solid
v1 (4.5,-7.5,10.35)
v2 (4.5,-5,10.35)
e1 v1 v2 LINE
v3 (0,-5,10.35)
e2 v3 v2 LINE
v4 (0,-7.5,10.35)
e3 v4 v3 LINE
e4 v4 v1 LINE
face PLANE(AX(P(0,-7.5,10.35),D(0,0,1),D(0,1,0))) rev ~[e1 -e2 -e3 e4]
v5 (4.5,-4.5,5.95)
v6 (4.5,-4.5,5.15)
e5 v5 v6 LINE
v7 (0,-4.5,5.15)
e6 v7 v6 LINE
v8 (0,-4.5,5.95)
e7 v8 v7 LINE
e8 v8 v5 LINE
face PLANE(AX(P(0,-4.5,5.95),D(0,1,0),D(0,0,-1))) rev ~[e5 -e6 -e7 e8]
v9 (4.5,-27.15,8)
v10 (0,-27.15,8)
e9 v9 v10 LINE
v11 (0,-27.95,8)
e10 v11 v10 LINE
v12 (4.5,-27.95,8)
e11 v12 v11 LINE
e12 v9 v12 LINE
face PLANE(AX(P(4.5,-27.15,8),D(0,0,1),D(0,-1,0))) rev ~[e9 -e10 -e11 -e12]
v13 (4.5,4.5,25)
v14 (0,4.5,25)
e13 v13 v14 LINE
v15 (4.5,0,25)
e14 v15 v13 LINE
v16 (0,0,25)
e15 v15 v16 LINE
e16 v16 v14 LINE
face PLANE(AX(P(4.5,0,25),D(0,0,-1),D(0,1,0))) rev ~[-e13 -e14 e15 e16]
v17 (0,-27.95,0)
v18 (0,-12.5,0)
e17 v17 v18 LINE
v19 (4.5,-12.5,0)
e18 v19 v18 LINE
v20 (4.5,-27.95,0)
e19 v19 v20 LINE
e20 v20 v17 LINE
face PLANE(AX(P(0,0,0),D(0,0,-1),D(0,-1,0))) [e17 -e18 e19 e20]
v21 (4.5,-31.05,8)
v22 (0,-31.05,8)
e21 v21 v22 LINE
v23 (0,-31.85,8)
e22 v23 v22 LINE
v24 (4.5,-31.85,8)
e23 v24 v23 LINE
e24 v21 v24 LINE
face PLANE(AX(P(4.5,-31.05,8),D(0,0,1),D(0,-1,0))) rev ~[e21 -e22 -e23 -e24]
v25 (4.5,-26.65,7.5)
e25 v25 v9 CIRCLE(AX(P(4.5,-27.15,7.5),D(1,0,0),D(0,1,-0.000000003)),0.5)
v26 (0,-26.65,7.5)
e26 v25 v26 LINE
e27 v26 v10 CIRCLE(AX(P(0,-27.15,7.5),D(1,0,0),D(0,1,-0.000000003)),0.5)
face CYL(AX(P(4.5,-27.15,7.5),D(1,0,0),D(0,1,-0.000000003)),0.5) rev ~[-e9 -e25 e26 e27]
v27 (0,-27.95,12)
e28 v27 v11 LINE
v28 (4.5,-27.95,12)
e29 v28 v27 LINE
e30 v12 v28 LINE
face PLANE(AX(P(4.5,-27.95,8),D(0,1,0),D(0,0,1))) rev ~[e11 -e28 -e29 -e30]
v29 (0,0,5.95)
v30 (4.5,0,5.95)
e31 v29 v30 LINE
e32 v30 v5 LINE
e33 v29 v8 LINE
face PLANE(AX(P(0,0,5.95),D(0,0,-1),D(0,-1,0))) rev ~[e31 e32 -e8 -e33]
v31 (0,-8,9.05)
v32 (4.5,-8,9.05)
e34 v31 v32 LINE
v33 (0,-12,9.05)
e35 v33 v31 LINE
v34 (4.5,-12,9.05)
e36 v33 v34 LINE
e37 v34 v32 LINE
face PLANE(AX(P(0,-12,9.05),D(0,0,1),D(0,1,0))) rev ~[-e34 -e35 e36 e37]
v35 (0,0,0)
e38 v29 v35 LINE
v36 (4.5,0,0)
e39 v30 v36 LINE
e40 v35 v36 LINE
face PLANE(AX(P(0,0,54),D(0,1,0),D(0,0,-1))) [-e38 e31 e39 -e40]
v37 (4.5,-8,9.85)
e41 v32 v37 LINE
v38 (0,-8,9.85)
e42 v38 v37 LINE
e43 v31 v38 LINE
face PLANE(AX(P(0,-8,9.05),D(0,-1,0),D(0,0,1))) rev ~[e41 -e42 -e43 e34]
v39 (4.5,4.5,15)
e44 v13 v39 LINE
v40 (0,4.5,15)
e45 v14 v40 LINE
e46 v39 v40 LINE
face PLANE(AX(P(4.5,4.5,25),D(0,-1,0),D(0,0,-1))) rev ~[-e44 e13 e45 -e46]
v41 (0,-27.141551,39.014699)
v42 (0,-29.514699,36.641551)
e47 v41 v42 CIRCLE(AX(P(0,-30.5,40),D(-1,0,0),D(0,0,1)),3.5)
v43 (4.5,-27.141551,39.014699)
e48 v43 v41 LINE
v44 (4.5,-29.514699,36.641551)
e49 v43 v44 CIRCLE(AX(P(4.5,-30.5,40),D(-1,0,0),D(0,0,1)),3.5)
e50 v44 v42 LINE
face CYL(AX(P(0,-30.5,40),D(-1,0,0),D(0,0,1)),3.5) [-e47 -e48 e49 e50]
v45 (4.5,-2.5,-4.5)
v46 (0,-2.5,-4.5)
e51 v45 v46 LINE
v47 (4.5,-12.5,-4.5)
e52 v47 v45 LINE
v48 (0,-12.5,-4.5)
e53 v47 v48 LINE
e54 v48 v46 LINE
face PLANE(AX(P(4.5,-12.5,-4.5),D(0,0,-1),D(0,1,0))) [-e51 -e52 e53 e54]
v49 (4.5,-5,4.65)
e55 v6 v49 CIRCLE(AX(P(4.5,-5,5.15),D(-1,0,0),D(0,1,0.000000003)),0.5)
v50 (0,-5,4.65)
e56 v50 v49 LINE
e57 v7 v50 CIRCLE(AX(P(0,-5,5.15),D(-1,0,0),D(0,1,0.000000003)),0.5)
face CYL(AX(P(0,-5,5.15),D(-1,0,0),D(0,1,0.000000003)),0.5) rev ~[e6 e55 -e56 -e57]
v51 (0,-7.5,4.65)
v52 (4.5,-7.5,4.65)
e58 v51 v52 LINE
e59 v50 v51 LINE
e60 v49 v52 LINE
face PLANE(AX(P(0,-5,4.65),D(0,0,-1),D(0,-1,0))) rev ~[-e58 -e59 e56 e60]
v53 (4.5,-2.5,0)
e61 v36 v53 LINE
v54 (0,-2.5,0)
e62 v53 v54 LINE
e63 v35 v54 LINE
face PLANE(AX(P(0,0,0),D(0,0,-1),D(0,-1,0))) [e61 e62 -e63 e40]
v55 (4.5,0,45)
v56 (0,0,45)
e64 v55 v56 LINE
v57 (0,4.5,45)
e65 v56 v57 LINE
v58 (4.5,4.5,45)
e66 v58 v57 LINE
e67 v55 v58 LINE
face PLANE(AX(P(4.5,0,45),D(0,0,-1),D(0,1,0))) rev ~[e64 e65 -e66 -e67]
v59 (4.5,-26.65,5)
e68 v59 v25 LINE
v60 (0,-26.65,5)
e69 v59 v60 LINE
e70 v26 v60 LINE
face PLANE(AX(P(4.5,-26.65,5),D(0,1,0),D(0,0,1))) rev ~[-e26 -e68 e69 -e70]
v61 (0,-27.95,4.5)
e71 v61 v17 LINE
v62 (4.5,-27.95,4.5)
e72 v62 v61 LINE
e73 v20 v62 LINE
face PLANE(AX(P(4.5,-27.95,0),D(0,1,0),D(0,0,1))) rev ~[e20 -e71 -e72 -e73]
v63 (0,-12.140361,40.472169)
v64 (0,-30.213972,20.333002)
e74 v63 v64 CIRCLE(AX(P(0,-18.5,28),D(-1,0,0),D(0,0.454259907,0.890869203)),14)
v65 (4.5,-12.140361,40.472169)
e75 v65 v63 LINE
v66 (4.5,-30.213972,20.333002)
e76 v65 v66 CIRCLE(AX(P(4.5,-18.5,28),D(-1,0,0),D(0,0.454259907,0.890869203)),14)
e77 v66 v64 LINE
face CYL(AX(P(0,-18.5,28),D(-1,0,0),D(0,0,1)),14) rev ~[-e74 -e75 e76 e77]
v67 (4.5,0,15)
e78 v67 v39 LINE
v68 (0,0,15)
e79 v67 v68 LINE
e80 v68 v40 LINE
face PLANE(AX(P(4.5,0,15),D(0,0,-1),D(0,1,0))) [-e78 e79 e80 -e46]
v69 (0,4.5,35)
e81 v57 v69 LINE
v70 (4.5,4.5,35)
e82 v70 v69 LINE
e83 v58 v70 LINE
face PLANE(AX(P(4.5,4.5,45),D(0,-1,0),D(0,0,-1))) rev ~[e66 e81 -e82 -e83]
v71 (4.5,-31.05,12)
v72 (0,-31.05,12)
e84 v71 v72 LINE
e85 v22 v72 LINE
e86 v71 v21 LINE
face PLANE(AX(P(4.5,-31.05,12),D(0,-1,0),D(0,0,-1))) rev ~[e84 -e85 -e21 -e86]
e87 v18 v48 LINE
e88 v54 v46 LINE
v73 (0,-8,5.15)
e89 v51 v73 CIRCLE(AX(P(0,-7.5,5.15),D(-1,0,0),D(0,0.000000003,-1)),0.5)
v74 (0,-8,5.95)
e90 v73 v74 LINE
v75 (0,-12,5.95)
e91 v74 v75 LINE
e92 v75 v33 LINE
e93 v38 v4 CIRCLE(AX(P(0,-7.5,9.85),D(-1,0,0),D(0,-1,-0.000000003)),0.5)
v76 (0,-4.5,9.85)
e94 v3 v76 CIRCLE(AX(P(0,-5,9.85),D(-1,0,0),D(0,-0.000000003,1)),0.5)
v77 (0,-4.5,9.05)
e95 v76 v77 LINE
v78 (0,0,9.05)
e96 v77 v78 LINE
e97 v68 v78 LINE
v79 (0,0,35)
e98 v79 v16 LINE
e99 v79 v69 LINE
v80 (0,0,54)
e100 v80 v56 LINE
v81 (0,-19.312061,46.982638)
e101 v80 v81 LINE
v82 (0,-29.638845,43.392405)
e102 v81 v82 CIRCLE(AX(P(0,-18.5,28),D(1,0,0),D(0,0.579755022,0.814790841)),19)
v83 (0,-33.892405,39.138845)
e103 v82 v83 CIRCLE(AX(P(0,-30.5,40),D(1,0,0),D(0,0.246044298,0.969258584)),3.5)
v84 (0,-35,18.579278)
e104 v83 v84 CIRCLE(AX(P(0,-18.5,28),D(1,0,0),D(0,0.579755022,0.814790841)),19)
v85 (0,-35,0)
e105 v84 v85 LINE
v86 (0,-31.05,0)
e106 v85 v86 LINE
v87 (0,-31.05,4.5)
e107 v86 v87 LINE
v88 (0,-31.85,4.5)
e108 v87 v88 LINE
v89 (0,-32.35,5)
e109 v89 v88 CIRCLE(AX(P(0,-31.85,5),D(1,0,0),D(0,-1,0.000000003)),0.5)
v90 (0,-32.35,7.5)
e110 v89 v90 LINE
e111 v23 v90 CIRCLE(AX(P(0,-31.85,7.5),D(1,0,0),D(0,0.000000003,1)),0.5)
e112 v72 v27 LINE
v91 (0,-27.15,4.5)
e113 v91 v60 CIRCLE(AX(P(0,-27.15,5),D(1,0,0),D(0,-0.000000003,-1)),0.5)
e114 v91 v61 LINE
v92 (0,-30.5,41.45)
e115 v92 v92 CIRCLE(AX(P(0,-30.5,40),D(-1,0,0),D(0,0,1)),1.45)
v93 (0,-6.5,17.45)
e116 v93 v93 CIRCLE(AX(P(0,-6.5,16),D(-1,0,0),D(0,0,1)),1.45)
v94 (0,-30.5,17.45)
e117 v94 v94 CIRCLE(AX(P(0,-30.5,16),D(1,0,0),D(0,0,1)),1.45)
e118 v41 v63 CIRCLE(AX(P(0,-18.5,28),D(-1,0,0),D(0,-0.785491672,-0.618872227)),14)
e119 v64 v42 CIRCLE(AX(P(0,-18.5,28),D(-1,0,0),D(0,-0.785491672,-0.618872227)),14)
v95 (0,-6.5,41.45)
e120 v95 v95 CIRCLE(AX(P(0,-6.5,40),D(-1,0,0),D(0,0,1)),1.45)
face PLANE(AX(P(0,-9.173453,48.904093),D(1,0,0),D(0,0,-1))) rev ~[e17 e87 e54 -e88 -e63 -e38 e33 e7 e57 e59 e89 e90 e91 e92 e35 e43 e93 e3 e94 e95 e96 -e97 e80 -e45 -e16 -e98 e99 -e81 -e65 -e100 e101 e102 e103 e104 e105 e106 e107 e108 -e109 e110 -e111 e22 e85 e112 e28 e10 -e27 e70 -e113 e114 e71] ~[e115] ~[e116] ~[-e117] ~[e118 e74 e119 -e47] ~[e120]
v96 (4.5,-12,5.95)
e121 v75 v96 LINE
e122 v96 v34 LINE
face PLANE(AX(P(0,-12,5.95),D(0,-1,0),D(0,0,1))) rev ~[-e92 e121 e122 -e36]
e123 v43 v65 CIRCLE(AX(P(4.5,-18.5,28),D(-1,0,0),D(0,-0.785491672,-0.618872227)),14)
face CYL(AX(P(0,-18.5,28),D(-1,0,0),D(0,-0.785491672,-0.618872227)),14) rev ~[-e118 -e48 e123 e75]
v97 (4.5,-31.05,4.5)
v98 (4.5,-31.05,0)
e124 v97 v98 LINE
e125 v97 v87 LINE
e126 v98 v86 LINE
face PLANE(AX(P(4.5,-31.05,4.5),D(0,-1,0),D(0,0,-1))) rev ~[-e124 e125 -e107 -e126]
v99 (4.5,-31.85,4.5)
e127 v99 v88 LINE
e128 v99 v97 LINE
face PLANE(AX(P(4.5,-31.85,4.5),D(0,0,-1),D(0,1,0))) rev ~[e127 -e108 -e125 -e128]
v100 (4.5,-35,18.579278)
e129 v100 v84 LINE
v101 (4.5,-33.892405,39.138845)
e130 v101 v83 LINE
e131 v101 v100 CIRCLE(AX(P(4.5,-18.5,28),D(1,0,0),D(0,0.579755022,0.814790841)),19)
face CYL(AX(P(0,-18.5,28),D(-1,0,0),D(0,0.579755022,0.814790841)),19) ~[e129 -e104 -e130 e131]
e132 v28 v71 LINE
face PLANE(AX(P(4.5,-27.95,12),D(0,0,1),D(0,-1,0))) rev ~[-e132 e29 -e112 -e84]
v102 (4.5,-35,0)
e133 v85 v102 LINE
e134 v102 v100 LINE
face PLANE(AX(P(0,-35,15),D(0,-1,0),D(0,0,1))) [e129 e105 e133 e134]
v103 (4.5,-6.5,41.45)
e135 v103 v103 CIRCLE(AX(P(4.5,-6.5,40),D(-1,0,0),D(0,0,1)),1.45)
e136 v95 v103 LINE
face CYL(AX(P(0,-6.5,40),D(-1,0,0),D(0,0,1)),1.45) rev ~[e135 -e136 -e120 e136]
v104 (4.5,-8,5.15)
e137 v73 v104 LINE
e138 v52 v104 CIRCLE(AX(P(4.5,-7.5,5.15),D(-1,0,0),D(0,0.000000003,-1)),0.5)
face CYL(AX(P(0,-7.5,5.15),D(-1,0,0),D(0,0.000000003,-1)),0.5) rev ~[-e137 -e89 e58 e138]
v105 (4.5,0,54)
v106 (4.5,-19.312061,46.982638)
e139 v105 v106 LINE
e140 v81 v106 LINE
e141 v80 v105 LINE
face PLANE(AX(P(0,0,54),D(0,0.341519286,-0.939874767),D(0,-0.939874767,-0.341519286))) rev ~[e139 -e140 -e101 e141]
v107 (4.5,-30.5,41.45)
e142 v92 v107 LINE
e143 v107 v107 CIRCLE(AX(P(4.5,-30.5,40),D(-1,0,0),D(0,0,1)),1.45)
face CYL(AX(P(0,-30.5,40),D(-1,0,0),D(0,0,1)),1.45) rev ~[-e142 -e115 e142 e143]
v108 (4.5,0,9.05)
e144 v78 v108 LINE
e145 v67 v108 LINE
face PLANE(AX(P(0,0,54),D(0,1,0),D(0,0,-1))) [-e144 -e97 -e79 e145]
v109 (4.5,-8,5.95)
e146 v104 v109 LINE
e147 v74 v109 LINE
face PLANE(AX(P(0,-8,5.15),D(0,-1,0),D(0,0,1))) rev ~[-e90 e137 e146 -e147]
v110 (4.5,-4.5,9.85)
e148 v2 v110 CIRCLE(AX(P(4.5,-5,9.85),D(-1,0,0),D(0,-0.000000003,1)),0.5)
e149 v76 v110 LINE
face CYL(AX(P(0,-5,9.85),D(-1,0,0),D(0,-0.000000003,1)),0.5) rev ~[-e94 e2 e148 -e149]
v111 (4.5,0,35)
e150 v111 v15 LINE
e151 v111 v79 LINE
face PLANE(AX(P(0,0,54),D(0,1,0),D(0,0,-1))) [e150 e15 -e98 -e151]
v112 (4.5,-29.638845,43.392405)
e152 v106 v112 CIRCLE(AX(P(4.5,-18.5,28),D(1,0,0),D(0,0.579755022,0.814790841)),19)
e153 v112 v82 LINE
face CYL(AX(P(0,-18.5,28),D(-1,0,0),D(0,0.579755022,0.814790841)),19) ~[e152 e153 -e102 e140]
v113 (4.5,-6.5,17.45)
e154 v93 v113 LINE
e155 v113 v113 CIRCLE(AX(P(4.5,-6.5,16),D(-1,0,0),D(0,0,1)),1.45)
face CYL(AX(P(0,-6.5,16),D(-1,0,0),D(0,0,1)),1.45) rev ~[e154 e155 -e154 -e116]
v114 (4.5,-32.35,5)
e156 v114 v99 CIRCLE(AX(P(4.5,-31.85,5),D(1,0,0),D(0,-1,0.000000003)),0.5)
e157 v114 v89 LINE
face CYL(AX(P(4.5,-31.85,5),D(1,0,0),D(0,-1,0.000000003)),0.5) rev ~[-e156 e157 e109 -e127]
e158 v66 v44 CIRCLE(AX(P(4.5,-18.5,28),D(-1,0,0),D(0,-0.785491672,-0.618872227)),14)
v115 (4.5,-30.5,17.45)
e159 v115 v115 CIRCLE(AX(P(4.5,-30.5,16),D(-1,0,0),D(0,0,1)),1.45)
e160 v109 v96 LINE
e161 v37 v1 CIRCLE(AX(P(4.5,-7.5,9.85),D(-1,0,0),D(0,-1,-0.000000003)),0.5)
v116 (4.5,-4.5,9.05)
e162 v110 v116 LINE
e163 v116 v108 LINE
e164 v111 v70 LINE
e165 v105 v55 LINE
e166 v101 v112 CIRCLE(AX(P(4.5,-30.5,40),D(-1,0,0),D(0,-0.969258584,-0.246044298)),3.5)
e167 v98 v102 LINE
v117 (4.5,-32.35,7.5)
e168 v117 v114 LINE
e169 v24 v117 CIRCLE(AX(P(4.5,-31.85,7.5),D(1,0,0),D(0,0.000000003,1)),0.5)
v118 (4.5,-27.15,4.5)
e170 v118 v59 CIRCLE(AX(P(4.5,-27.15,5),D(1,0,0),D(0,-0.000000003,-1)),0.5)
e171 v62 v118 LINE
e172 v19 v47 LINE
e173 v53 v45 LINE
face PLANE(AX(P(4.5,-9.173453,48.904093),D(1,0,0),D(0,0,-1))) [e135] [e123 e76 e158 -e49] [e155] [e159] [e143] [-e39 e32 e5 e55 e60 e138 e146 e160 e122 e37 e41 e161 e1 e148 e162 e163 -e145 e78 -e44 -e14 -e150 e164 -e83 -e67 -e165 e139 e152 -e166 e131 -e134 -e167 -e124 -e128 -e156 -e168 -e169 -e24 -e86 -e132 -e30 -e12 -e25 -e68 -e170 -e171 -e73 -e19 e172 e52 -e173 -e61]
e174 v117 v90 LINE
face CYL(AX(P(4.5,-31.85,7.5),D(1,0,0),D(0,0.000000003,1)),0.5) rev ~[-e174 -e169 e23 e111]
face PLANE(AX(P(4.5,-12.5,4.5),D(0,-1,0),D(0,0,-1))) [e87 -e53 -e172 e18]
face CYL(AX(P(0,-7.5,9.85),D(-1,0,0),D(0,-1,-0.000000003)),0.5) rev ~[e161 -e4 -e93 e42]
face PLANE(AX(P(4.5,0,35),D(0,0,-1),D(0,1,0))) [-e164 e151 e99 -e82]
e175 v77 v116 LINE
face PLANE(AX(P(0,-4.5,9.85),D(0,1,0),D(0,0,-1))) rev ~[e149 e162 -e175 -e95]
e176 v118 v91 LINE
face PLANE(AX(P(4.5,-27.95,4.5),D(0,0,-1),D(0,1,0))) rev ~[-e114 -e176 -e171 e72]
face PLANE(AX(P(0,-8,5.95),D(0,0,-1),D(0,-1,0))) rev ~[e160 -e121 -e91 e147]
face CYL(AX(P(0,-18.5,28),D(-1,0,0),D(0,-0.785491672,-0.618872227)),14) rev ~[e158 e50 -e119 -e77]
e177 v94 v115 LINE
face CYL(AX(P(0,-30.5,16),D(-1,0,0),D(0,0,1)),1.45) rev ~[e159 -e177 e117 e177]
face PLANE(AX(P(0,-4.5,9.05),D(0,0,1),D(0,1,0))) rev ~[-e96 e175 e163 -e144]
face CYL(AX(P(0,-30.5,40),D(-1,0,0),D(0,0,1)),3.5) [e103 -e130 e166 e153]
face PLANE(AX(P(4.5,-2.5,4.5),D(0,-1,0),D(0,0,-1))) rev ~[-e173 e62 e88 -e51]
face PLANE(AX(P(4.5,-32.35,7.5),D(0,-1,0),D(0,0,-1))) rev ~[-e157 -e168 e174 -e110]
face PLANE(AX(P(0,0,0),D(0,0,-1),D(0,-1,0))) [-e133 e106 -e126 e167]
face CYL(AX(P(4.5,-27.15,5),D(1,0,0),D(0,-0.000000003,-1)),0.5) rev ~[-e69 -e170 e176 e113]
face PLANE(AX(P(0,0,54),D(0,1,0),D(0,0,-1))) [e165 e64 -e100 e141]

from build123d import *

# Parameters (mm, degrees)
BOSS_EXTRUDE1_DEPTH  = 4.5
SKETCH2_W            = 9
SKETCH2_H            = 10
BOSS_EXTRUDE2_DEPTH  = 4.5
BOSS_EXTRUDE3_DEPTH  = 4.5
CUT_EXTRUDE1_DEPTH   = 65.507751472
SKETCH5_W            = 10
SKETCH5_H            = 4.5
BOSS_EXTRUDE4_DEPTH  = 4.5
CUT_EXTRUDE4_DEPTH   = 65.507751472
SKETCH12_R           = 14
SKETCH12_R_2         = 1.45
FANCUTOUT_DEPTH      = 65.507751472
BOSS_EXTRUDE7_DEPTH  = 4.5
SKETCH14_R           = 3.5
BOSS_EXTRUDE8_DEPTH  = 4.5
SKETCH15_R           = 1.45
CUT_EXTRUDE6_DEPTH   = 66.897647909
BOSS_EXTRUDE13_DEPTH = 4.5
BOSS_EXTRUDE15_DEPTH = 4.5


with BuildPart() as part:
    # Sketch1 → Boss-Extrude1 (new body)
    with BuildSketch(Plane(origin=(0, 0, 0), x_dir=(0, 0, -1), z_dir=(1, 0, 0))):
        Polygon((0, 0), (0, -35), (-54, 0), align=None)
    extrude(amount=BOSS_EXTRUDE1_DEPTH)

    # Sketch2 → Boss-Extrude2 (add, through all)
    with BuildSketch(Plane(origin=(4.5, 0, 0), x_dir=(0, 0, -1), z_dir=(1, 0, 0))):
        with Locations((0, -7.5)):
            Rectangle(SKETCH2_W, SKETCH2_H)
    extrude(amount=-BOSS_EXTRUDE2_DEPTH)

    # Sketch3 → Boss-Extrude3 (add, through all)
    with BuildSketch(Plane(origin=(4.5, 0, 0), x_dir=(0, 0, -1), z_dir=(1, 0, 0))):
        Polygon((0, -35), (-15, -35), (-54, 0), (0, -25), align=None)
    extrude(amount=-BOSS_EXTRUDE3_DEPTH)

    # Sketch4 → Cut-Extrude1 (cut, through all)
    with BuildSketch(Plane(origin=(4.5, 0, 0), x_dir=(0, 0, -1), z_dir=(1, 0, 0))):
        with BuildLine():
            Line((0, -31.05), (0, -27.95))
            Line((0, -27.95), (-4.5, -27.95))
            Line((-4.5, -27.95), (-4.5, -27.15))
            ThreePointArc((-4.5, -27.15), (-4.646446609, -26.796446609), (-5, -26.65))
            Line((-5, -26.65), (-7.5, -26.65))
            ThreePointArc((-7.5, -26.65), (-7.853553391, -26.796446609), (-8, -27.15))
            Line((-8, -27.15), (-8, -27.95))
            Line((-8, -27.95), (-12, -27.95))
            Line((-12, -27.95), (-12, -31.05))
            Line((-12, -31.05), (-8, -31.05))
            Line((-8, -31.05), (-8, -31.85))
            ThreePointArc((-8, -31.85), (-7.853553391, -32.203553391), (-7.5, -32.35))
            Line((-7.5, -32.35), (-5, -32.35))
            ThreePointArc((-5, -32.35), (-4.646446609, -32.203553391), (-4.5, -31.85))
            Line((-4.5, -31.85), (-4.5, -31.05))
            Line((-4.5, -31.05), (0, -31.05))
        make_face()
    extrude(amount=-CUT_EXTRUDE1_DEPTH, mode=Mode.SUBTRACT)

    # Sketch5 → Boss-Extrude4 (add, through all)
    with BuildSketch(Plane(origin=(4.5, 0, 0), x_dir=(0, 0, -1), z_dir=(1, 0, 0))):
        with Locations((-20, 2.25)):
            Rectangle(SKETCH5_W, SKETCH5_H)
        with Locations((-40, 2.25)):
            Rectangle(SKETCH5_W, SKETCH5_H)
    extrude(amount=-BOSS_EXTRUDE4_DEPTH)

    # Sketch11 → Cut-Extrude4 (cut, through all)
    with BuildSketch(Plane.ZY):
        with BuildLine():
            Line((5.95, -12), (9.05, -12))
            Line((9.05, -12), (9.05, -8))
            Line((9.05, -8), (9.85, -8))
            ThreePointArc((9.85, -8), (10.203553391, -7.853553391), (10.35, -7.5))
            Line((10.35, -7.5), (10.35, -5))
            ThreePointArc((10.35, -5), (10.203553391, -4.646446609), (9.85, -4.5))
            Line((9.85, -4.5), (9.05, -4.5))
            Line((9.05, -4.5), (9.05, 0))
            Line((9.05, 0), (5.95, 0))
            Line((5.95, 0), (5.95, -4.5))
            Line((5.95, -4.5), (5.15, -4.5))
            ThreePointArc((5.15, -4.5), (4.796446609, -4.646446609), (4.65, -5))
            Line((4.65, -5), (4.65, -7.5))
            ThreePointArc((4.65, -7.5), (4.796446609, -7.853553391), (5.15, -8))
            Line((5.15, -8), (5.95, -8))
            Line((5.95, -8), (5.95, -12))
        make_face()
    extrude(amount=-CUT_EXTRUDE4_DEPTH, mode=Mode.SUBTRACT)

    # Sketch12 → FanCutout (cut, through all)
    with BuildSketch(Plane.ZY):
        with Locations((28, -18.5)):
            Circle(SKETCH12_R)
        with Locations((16, -6.5)):
            Circle(SKETCH12_R_2)
        with Locations((40, -6.5)):
            Circle(SKETCH12_R_2)
        with Locations((16, -30.5)):
            Circle(SKETCH12_R_2)
    extrude(amount=-FANCUTOUT_DEPTH, mode=Mode.SUBTRACT)

    # Sketch13 → Boss-Extrude7 (add, through all)
    with BuildSketch(Plane.ZY):
        with BuildLine():
            Line((39.407071777, -10.383429697), (43.481025983, -7.484654589))
            ThreePointArc((43.481025983, -7.484654589), (41.102709954, -32.259323816), (16.241427695, -33.424341772))
            Line((16.241427695, -33.424341772), (19.335788828, -29.496883411))
            ThreePointArc((19.335788828, -29.496883411), (37.654628387, -28.638449127), (39.407071777, -10.383429697))
        make_face()
    extrude(amount=-BOSS_EXTRUDE7_DEPTH)

    # Sketch14 → Boss-Extrude8 (add, through all)
    with BuildSketch(Plane.ZY):
        with Locations((40, -30.5)):
            Circle(SKETCH14_R)
    extrude(amount=-BOSS_EXTRUDE8_DEPTH)

    # Sketch15 → Cut-Extrude6 (cut, through all)
    with BuildSketch(Plane.ZY):
        with Locations((40, -30.5)):
            Circle(SKETCH15_R)
    extrude(amount=-CUT_EXTRUDE6_DEPTH, mode=Mode.SUBTRACT)

    # Sketch24 → Boss-Extrude13 (add, through all)
    with BuildSketch(Plane.ZY):
        Polygon((15, -35), (20, -35), (16, -31.95), align=None)
    extrude(amount=-BOSS_EXTRUDE13_DEPTH)

    # Sketch25 → Boss-Extrude15 (add, through all)
    with BuildSketch(Plane.ZY):
        Polygon((54, 0), (46.982638315, -19.312060719), (44.28744936, -8.7163916), align=None)
    extrude(amount=-BOSS_EXTRUDE15_DEPTH)


solid = part.part
